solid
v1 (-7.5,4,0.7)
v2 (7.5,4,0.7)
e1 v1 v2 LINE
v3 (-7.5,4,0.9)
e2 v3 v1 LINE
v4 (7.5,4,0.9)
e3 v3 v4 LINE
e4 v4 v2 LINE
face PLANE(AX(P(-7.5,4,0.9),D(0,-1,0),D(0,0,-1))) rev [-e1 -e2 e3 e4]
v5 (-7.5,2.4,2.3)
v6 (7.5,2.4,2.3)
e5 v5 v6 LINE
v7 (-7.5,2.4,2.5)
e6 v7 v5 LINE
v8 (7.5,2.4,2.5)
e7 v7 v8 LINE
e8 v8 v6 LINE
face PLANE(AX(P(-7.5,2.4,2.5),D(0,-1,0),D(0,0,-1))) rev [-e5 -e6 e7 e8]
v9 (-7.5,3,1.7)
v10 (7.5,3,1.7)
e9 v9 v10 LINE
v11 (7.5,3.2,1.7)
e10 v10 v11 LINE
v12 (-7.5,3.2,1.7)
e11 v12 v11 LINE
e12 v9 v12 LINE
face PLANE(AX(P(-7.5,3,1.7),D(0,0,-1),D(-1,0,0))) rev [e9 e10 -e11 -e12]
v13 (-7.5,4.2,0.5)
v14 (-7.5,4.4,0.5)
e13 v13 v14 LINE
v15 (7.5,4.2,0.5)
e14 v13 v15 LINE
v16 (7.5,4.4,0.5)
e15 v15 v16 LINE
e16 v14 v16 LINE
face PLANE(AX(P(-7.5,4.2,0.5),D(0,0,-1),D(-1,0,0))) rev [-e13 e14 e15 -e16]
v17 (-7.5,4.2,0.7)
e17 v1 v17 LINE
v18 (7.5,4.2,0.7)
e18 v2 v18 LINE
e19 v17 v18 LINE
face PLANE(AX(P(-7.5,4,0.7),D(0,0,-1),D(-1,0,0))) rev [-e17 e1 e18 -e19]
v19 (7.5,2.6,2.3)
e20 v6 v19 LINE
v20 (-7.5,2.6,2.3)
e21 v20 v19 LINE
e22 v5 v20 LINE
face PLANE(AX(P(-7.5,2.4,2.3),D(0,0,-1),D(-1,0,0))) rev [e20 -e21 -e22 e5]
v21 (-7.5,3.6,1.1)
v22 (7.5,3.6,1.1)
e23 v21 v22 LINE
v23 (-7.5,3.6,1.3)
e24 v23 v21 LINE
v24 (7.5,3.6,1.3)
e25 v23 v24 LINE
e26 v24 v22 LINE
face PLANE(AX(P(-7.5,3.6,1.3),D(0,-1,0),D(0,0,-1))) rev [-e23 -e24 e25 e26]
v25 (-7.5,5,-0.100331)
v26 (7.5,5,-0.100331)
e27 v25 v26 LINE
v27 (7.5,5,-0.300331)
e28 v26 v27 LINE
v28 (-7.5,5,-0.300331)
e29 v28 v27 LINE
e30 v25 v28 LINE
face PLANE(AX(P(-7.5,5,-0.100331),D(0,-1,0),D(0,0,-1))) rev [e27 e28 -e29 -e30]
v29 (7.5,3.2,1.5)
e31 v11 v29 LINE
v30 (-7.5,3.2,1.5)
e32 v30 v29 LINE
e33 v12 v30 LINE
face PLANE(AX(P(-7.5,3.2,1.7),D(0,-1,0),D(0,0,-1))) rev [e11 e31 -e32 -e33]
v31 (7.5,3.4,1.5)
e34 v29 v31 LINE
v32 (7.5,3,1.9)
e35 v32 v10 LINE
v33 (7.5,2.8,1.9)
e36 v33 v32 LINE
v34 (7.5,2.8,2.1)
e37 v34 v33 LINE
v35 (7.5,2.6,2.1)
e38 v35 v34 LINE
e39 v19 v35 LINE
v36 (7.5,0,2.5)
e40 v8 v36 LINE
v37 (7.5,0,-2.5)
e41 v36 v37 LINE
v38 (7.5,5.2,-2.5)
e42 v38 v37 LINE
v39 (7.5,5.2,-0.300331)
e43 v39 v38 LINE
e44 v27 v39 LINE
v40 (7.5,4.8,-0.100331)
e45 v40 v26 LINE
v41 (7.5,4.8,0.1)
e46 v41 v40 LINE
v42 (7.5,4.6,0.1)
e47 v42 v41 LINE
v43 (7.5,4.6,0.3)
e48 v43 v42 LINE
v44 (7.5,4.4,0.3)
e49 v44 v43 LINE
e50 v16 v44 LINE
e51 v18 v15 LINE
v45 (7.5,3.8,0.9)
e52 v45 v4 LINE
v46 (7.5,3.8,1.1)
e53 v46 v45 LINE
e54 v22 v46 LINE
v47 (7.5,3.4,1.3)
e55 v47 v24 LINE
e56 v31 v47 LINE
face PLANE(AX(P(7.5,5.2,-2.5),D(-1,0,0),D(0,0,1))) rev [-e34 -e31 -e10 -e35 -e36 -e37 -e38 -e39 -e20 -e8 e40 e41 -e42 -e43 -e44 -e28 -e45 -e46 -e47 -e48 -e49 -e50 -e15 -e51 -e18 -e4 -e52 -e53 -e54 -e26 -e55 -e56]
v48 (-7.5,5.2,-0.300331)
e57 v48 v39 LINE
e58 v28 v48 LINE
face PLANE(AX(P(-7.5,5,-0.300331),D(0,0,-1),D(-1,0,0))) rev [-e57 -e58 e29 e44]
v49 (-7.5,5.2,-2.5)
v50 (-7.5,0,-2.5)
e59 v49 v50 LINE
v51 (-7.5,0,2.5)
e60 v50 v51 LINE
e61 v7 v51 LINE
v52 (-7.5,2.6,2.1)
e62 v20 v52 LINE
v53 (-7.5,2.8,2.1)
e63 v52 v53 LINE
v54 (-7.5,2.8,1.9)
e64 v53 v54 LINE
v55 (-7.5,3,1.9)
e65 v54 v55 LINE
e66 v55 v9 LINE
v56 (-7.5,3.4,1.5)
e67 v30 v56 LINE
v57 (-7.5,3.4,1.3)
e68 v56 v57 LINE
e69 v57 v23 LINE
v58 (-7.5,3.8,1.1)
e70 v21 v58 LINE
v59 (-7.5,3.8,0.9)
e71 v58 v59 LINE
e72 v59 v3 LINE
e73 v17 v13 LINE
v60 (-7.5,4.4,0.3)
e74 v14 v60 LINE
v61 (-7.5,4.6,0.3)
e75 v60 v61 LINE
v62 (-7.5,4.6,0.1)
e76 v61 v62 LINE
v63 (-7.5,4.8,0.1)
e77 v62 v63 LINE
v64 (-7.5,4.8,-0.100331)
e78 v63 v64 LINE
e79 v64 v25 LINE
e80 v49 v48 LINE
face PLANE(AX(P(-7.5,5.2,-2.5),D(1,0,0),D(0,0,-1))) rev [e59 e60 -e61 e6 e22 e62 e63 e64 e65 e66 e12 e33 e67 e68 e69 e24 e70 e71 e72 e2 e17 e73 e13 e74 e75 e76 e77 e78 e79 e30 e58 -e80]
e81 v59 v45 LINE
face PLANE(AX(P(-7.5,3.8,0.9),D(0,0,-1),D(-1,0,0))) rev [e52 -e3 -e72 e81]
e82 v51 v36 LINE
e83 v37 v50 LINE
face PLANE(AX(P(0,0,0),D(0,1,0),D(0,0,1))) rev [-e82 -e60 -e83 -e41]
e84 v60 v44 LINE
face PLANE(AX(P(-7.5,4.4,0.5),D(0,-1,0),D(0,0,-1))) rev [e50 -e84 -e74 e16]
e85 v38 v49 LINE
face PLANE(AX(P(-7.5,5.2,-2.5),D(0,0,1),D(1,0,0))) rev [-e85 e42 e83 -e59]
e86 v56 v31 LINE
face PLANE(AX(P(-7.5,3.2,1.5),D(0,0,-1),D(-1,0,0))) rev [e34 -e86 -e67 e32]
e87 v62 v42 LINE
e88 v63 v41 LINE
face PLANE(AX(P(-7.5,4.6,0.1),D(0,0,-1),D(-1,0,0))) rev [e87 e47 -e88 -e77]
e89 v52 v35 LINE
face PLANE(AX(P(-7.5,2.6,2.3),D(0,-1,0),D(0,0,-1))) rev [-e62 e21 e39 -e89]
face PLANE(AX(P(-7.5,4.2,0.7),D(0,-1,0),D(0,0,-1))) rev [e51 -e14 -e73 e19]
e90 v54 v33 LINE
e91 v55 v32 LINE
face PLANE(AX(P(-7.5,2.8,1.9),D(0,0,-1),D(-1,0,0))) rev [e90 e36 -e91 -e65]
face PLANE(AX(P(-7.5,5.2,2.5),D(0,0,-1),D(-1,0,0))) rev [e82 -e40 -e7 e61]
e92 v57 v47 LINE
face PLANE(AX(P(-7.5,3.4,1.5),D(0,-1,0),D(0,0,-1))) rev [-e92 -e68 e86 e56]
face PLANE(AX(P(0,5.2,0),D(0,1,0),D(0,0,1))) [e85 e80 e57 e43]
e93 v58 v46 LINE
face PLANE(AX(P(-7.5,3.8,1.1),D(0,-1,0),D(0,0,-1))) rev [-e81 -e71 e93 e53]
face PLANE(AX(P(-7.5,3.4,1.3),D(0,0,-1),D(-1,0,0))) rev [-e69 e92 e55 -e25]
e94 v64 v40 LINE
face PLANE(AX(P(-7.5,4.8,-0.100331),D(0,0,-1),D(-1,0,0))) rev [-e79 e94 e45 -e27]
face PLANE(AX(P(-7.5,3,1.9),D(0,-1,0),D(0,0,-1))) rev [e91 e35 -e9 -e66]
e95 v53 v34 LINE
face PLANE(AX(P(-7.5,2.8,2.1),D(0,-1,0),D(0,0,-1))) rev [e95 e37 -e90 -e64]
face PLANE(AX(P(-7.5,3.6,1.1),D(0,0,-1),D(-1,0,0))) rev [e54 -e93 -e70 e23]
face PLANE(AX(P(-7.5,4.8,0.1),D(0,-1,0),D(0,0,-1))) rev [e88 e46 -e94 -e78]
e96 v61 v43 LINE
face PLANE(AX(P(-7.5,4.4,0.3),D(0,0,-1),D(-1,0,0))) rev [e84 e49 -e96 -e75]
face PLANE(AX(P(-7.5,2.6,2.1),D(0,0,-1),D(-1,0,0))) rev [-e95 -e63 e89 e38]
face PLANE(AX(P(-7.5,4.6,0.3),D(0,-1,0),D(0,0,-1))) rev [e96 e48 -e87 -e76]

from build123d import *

# Parameters (mm, degrees)
SKETCH_1_W          = 15
SKETCH_1_H          = 5
EXTRUDE_1_DEPTH     = 5.2
CUT_EXTRUDE_1_DEPTH = 17.071403175


with BuildPart() as part:
    # 草图1 → 凸台-拉伸1 (new body)
    with BuildSketch(Plane(origin=(0, 0, 0), x_dir=(1, 0, 0), z_dir=(0, 1, 0))):
        Rectangle(SKETCH_1_W, SKETCH_1_H)
    extrude(amount=EXTRUDE_1_DEPTH)

    # 草图6 → 切除-拉伸1 (cut, through all)
    with BuildSketch(Plane(origin=(7.5, 0, 0), x_dir=(0, 0, -1), z_dir=(1, 0, 0))):
        Polygon((-2.5, 2.4), (-2.3, 2.4), (-2.3, 2.6), (-2.1, 2.6), (-2.1, 2.8), (-1.9, 2.8), (-1.9, 3), (-1.7, 3), (-1.7, 3.2), (-1.5, 3.2), (-1.5, 3.4), (-1.3, 3.4), (-1.3, 3.6), (-1.1, 3.6), (-1.1, 3.8), (-0.9, 3.8), (-0.9, 4), (-0.7, 4), (-0.7, 4.2), (-0.5, 4.2), (-0.5, 4.4), (-0.3, 4.4), (-0.3, 4.6), (-0.1, 4.6), (-0.1, 4.8), (0.100331193, 4.8), (0.100331193, 5), (0.300331193, 5), (0.300331193, 5.2), (-2.5, 5.2), align=None)
    extrude(amount=-CUT_EXTRUDE_1_DEPTH, mode=Mode.SUBTRACT)


solid = part.part
